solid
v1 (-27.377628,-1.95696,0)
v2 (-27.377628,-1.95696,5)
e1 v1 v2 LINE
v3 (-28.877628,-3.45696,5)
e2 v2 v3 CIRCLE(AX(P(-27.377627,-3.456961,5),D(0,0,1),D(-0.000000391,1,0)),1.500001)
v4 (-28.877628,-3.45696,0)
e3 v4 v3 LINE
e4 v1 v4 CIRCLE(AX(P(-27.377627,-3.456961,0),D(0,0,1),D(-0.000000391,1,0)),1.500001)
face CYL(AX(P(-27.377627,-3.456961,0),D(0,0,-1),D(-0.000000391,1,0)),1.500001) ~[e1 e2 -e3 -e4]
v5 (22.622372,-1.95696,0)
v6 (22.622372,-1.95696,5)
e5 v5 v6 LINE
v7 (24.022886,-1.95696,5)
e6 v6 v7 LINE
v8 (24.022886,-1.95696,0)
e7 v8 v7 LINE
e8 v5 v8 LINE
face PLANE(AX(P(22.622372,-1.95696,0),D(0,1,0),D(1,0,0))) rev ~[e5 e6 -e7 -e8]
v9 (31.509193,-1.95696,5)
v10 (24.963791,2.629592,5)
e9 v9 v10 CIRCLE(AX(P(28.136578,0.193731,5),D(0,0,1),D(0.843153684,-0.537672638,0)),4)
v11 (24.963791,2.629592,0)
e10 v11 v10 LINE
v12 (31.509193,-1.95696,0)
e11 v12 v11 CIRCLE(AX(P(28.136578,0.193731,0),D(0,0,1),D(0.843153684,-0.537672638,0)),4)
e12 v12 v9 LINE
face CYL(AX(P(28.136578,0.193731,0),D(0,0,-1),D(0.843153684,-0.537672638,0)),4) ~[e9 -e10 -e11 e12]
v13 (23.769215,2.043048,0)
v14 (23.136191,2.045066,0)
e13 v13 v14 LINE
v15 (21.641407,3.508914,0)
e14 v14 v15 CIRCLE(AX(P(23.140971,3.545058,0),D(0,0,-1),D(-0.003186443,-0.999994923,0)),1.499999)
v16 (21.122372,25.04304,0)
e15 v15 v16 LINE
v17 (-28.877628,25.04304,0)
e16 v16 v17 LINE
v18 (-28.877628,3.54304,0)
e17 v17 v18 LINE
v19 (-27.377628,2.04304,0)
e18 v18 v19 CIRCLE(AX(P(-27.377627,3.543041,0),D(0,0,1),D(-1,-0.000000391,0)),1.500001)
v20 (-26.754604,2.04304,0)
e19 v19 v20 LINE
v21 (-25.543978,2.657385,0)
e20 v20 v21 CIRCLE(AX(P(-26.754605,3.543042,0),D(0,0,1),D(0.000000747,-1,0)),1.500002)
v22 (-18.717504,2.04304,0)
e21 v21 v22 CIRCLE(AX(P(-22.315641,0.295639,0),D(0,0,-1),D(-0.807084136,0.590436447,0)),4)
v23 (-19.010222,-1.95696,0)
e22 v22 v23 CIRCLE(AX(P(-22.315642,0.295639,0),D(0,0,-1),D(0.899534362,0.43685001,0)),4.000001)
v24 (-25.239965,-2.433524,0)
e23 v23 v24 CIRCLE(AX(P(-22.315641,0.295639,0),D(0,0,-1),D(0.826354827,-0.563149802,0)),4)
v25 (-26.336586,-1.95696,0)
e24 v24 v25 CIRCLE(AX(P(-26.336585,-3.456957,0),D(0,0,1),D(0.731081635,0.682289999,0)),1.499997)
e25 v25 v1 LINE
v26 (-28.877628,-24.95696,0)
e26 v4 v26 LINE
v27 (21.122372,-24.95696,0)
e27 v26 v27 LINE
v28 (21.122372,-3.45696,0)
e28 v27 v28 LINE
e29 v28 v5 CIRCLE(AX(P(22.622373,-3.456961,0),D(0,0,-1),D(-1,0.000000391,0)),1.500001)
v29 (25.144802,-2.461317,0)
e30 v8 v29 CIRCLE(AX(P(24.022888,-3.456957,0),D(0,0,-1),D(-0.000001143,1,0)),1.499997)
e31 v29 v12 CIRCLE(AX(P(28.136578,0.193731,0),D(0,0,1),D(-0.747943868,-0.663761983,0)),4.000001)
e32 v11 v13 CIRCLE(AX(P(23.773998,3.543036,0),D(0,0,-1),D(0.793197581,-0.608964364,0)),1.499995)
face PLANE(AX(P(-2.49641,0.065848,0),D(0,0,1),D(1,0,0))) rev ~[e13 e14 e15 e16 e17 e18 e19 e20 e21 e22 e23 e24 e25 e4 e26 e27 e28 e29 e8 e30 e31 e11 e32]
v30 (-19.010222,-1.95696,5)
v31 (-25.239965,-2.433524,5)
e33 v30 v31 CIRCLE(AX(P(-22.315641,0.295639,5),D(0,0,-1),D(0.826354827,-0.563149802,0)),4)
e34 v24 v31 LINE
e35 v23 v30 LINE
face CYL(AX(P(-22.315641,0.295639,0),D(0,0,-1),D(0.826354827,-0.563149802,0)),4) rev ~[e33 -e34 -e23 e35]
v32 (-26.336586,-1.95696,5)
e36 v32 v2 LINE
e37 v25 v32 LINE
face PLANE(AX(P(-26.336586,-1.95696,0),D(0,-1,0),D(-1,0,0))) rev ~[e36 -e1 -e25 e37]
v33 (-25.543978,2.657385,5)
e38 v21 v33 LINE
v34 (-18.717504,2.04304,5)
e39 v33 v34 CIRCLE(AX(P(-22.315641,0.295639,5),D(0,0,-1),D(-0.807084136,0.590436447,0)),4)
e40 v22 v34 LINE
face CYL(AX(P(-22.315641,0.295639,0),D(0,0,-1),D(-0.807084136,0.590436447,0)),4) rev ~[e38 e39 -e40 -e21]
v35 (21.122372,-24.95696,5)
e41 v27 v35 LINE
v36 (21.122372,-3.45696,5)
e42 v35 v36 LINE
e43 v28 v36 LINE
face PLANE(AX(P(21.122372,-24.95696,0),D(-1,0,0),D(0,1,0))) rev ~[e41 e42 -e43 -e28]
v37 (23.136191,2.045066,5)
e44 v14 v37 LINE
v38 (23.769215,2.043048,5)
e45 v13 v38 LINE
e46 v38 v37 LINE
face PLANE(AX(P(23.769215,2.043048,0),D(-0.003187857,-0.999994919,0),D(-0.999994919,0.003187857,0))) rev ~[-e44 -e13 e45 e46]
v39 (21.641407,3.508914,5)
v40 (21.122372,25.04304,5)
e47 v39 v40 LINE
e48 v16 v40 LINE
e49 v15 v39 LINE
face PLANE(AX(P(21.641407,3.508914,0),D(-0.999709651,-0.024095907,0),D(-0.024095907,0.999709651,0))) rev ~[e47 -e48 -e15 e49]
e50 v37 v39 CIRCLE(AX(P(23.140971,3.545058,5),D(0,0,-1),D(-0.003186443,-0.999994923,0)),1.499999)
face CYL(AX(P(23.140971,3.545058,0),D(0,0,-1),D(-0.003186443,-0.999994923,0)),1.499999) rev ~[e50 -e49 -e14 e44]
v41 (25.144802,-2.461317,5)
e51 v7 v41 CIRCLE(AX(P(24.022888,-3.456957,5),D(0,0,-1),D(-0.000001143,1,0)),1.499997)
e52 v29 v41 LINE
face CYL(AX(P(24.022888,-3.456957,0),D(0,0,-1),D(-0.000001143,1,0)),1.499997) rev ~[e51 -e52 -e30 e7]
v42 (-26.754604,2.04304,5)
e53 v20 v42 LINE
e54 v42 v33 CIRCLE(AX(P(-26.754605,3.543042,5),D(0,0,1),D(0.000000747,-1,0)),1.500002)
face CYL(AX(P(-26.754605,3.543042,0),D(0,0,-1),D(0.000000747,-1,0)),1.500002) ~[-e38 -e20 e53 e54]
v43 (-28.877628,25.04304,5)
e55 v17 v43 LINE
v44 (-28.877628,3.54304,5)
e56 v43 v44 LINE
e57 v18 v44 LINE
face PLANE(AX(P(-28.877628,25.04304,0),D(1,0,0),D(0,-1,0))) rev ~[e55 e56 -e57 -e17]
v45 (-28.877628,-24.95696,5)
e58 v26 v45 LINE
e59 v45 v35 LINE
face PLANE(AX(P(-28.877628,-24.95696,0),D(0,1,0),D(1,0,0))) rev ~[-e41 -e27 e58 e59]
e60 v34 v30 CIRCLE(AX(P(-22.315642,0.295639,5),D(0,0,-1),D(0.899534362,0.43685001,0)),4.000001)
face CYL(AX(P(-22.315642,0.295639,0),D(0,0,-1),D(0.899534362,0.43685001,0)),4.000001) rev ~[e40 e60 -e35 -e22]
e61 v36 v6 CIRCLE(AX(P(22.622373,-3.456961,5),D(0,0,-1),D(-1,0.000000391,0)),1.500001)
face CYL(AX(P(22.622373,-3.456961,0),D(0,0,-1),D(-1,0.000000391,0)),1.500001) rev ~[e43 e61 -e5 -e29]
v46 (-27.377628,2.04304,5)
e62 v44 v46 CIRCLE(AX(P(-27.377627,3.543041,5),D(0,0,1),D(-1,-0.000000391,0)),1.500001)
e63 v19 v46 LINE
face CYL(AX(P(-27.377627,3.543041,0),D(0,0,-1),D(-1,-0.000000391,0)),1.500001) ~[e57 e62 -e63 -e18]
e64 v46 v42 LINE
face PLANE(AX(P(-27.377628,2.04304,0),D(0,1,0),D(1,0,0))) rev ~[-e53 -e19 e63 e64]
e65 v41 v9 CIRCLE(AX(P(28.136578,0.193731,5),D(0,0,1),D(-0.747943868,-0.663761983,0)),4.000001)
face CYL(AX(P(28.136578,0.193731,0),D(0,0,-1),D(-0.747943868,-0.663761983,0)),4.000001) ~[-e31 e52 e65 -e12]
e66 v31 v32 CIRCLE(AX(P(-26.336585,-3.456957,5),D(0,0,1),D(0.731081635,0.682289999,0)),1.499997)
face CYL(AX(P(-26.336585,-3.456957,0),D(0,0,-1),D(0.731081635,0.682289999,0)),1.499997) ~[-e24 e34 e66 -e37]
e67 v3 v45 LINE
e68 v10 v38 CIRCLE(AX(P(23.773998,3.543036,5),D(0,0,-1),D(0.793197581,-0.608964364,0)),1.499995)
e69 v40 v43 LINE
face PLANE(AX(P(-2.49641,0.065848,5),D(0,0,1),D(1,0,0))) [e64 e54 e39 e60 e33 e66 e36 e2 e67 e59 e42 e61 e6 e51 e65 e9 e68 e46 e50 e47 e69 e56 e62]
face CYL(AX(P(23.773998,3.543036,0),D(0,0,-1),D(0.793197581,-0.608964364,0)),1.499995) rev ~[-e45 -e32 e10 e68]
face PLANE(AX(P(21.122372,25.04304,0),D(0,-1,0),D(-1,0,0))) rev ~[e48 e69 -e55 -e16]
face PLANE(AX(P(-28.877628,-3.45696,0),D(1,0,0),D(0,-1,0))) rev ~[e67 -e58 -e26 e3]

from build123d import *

# Parameters (mm, degrees)
F1_DEPTH = 5


with BuildPart() as f1:
    # F0 (on Top) → F1 (new body)
    with BuildSketch(Plane.XY):
        with BuildLine():
            Line((21.641407, 3.508914), (21.122372, 25.04304))
            Line((21.122372, 25.04304), (-28.877628, 25.04304))
            Line((-28.877628, 25.04304), (-28.877628, 3.54304))
            ThreePointArc((-28.877628, 3.54304), (-28.438288, 2.48238), (-27.377628, 2.04304))
            Line((-27.377628, 2.04304), (-26.754604, 2.04304))
            ThreePointArc((-26.754604, 2.04304), (-26.075812, 2.205415), (-25.543978, 2.657385))
            ThreePointArc((-25.543978, 2.657385), (-21.957112, 4.279539), (-18.717504, 2.04304))
            ThreePointArc((-18.717504, 2.04304), (-18.326309, 0.003702), (-19.010222, -1.95696))
            ThreePointArc((-19.010222, -1.95696), (-22.01054, -3.692708), (-25.239965, -2.433524))
            ThreePointArc((-25.239965, -2.433524), (-25.738738, -2.08125), (-26.336586, -1.95696))
            Line((-26.336586, -1.95696), (-27.377628, -1.95696))
            ThreePointArc((-27.377628, -1.95696), (-28.438288, -2.3963), (-28.877628, -3.45696))
            Line((-28.877628, -3.45696), (-28.877628, -24.95696))
            Line((-28.877628, -24.95696), (21.122372, -24.95696))
            Line((21.122372, -24.95696), (21.122372, -3.45696))
            ThreePointArc((21.122372, -3.45696), (21.561712, -2.3963), (22.622372, -1.95696))
            Line((22.622372, -1.95696), (24.022886, -1.95696))
            ThreePointArc((24.022886, -1.95696), (24.637921, -2.088847), (25.144802, -2.461317))
            ThreePointArc((25.144802, -2.461317), (28.452575, -3.793768), (31.509193, -1.95696))
            ThreePointArc((31.509193, -1.95696), (30.43203, 3.469536), (24.963791, 2.629592))
            ThreePointArc((24.963791, 2.629592), (24.435111, 2.19659), (23.769215, 2.043048))
            Line((23.769215, 2.043048), (23.136191, 2.045066))
            ThreePointArc((23.136191, 2.045066), (22.091459, 2.473366), (21.641407, 3.508914))
        make_face()
    extrude(amount=F1_DEPTH)


solid = f1.part
